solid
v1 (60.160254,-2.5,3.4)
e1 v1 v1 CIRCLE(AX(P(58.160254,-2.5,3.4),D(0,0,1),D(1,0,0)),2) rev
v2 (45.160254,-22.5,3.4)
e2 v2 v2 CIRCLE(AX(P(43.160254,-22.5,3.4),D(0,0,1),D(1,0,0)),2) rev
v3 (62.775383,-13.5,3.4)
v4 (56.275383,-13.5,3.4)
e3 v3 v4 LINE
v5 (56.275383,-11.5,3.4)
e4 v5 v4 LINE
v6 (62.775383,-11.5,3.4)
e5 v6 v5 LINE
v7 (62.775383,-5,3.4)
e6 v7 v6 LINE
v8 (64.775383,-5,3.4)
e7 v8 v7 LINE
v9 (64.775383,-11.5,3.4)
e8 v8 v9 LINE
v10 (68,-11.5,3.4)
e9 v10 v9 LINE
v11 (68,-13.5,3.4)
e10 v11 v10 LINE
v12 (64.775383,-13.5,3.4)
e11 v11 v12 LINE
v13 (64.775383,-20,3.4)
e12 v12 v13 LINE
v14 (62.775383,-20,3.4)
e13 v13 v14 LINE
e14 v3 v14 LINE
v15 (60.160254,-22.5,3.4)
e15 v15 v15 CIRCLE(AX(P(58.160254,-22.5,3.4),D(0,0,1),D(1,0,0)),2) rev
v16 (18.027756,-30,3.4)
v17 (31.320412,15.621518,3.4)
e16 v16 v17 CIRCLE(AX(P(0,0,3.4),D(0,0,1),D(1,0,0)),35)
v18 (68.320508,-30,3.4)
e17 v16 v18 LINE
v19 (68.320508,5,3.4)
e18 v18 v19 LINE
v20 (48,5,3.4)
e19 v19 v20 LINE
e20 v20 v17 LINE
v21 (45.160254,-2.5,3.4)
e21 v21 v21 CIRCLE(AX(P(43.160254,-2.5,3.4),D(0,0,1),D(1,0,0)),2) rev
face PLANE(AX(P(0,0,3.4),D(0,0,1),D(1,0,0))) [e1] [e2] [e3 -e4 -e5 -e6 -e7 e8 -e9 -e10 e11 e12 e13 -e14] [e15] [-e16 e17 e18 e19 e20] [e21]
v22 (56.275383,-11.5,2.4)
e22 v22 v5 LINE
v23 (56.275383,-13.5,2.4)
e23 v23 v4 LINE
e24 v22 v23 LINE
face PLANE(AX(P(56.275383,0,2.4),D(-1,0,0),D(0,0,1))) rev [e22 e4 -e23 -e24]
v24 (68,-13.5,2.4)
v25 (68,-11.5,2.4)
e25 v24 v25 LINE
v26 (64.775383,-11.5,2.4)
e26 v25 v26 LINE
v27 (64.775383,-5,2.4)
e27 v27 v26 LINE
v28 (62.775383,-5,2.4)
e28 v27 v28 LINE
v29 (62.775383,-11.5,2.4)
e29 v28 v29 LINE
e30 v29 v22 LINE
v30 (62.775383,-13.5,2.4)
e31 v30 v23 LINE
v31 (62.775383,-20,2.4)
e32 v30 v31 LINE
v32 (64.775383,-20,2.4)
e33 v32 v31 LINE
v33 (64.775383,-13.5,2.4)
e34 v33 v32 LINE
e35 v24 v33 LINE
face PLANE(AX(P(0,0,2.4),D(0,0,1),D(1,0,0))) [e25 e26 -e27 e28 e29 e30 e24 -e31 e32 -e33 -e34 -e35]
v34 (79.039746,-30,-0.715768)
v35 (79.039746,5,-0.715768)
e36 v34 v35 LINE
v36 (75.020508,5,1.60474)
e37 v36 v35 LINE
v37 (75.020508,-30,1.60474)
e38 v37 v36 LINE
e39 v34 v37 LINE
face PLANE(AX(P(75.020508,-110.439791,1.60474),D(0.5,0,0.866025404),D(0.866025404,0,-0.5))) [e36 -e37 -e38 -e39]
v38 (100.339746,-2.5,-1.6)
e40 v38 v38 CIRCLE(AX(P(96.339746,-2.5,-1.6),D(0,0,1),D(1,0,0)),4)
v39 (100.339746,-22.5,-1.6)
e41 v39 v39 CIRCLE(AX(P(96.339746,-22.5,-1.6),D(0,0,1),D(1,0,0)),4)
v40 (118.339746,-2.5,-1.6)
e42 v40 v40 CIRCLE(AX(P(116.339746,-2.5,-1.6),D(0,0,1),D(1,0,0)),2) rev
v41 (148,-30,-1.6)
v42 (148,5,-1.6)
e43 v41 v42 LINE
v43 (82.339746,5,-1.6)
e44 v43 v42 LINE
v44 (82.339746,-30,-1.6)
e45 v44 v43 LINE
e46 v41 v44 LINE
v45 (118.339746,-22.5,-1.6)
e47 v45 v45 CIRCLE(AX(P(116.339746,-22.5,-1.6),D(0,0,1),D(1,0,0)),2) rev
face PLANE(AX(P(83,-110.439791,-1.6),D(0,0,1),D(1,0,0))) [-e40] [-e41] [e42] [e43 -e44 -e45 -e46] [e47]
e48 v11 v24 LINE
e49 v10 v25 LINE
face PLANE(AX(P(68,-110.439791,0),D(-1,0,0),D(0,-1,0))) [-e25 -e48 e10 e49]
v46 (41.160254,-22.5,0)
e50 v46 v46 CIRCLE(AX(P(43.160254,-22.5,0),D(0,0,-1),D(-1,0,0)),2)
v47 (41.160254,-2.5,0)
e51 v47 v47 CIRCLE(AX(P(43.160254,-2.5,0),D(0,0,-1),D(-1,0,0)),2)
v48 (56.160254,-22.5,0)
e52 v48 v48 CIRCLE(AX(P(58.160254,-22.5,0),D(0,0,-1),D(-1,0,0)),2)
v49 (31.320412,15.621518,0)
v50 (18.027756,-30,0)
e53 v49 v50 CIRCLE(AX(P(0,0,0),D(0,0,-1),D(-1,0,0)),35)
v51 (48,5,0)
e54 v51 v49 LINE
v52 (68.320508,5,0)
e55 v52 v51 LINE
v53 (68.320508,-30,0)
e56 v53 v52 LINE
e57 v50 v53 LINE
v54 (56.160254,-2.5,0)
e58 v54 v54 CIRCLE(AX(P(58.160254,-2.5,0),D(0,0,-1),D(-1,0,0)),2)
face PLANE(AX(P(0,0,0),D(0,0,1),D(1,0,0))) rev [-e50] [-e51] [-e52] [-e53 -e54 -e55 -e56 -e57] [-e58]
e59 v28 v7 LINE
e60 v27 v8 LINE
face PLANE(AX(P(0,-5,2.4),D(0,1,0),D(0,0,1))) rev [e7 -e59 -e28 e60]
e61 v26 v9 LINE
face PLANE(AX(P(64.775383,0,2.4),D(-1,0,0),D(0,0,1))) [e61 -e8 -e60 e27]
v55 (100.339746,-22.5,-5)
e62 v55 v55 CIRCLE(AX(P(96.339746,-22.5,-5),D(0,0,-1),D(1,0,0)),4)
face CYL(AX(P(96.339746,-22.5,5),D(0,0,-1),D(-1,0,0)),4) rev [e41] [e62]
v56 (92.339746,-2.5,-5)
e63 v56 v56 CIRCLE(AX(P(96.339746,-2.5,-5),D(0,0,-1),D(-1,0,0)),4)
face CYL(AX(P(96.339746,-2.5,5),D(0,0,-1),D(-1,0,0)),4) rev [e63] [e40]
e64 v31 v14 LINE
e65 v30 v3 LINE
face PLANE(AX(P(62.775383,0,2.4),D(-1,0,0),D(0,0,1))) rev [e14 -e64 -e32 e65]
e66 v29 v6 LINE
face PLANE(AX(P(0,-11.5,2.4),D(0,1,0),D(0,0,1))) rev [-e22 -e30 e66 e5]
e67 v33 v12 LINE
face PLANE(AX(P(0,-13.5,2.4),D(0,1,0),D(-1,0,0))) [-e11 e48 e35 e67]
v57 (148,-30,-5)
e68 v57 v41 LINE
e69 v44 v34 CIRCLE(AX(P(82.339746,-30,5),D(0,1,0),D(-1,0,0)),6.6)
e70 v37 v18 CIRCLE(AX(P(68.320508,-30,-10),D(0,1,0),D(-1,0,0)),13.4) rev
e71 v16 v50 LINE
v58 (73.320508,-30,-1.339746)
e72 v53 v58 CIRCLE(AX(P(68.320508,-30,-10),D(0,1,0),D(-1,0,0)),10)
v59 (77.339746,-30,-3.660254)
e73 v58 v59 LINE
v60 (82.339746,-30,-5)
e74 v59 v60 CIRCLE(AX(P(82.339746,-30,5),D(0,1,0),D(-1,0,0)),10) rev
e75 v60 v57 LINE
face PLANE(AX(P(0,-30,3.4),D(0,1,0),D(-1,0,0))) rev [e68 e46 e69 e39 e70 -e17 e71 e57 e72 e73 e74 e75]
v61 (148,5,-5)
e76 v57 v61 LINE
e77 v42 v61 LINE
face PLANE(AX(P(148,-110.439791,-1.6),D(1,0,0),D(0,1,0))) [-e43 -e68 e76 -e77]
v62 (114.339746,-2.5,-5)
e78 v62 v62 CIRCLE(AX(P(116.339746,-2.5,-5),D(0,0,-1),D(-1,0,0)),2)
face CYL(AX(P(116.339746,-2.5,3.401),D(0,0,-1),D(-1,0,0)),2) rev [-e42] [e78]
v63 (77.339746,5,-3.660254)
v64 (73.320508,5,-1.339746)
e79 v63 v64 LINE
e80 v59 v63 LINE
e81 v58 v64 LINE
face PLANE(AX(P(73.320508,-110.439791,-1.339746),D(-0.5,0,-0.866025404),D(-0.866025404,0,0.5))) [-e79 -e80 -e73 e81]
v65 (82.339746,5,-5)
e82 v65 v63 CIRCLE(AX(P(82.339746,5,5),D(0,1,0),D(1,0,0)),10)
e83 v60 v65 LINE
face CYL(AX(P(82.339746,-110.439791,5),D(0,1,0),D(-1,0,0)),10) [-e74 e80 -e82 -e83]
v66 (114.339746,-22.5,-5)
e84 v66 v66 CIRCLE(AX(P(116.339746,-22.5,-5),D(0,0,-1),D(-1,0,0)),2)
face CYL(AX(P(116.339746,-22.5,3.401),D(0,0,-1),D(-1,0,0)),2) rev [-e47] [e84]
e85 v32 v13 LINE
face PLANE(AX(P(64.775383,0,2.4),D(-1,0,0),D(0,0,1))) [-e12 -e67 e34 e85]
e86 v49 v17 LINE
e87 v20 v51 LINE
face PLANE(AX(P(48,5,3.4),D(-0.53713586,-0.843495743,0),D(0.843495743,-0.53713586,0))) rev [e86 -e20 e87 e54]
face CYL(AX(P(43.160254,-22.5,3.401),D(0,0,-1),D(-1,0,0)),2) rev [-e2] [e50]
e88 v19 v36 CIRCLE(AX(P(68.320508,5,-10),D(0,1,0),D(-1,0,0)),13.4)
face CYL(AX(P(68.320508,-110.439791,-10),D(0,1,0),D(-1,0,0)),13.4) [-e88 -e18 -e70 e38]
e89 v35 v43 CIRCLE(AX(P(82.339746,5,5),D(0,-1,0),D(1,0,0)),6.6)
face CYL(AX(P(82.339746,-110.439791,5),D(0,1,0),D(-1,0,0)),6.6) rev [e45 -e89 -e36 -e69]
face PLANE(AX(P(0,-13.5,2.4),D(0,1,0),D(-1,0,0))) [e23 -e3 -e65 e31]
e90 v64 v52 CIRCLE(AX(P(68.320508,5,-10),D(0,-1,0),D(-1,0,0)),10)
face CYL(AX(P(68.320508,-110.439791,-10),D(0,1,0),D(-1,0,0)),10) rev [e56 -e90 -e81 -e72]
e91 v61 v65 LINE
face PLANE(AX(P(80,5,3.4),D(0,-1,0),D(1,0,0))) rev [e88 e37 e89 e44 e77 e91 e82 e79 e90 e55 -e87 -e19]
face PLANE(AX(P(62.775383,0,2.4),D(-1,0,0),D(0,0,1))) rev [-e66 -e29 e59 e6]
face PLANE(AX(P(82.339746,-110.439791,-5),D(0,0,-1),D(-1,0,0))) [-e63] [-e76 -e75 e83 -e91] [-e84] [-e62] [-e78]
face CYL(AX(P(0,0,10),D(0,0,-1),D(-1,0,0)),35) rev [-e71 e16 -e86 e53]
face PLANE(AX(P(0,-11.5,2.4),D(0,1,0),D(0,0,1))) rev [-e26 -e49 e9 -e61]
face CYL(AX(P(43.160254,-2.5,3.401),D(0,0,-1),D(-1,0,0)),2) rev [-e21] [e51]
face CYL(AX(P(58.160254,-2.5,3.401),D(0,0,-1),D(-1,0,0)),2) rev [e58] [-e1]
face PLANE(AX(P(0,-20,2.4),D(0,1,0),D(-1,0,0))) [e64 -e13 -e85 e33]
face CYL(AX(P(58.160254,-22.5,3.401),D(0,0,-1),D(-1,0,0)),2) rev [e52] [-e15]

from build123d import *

# Parameters (mm, degrees)
BOSS_EXTRUDE1_DEPTH = 3.4
SKETCH3_R           = 5
CUT_EXTRUDE1_DEPTH  = 6
CUT_EXTRUDE2_DEPTH  = 10
SKETCH6_R           = 35
CUT_EXTRUDE3_DEPTH  = 10
CUT_EXTRUDE4_DEPTH  = 1
CUT_EXTRUDE5_REACH  = 87.508
SKETCH8_W           = 12
SKETCH8_H           = 35
BOSS_EXTRUDE2_DEPTH = 35
SKETCH10_R          = 4
CUT_EXTRUDE6_DEPTH  = 10
CUT_EXTRUDE7_REACH  = 153.093
SKETCH11_R          = 2
CUT_EXTRUDE8_REACH  = 153.243
SKETCH12_R          = 2


with BuildPart() as part:
    # Sketch1 → Boss-Extrude1 (new body)
    with BuildSketch(Plane.XY):
        with BuildLine():
            Line((0, -30), (80, -30))
            Line((80, -30), (80, 5))
            Line((80, 5), (48, 5))
            Line((48, 5), (16.114075804, 25.304872277))
            ThreePointArc((16.114075804, 25.304872277), (-28.802310396, 8.392074585), (0, -30))
        make_face()
    extrude(amount=BOSS_EXTRUDE1_DEPTH)

    # Sketch3 → Cut-Extrude1 (cut)
    with BuildSketch(Plane.XY.offset(3.4)):
        Circle(SKETCH3_R)
    extrude(amount=-CUT_EXTRUDE1_DEPTH, mode=Mode.SUBTRACT)

    # Sketch5 → Cut-Extrude2 (cut)
    with BuildSketch(Plane.XY.offset(3.4)):
        with BuildLine():
            ThreePointArc((0, 10), (-8.660254038, 5), (-8.660254038, -5))
            ThreePointArc((-8.660254038, -5), (-10.124355653, -10.464101615), (-15.588457268, -9))
            ThreePointArc((-15.588457268, -9), (-15.588457268, 9), (0, 18))
            ThreePointArc((0, 18), (4, 14), (0, 10))
        make_face()
    extrude(amount=-CUT_EXTRUDE2_DEPTH, mode=Mode.SUBTRACT)

    # Sketch6 → Cut-Extrude3 (cut)
    with BuildSketch(Plane(origin=(0, 0, 0), x_dir=(-1, 0, 0), z_dir=(0, 0, -1))):
        Circle(SKETCH6_R)
    extrude(amount=-CUT_EXTRUDE3_DEPTH, mode=Mode.SUBTRACT)

    # Sketch7 → Cut-Extrude4 (cut)
    with BuildSketch(Plane.XY.offset(3.4)):
        Polygon((62.77538264, -13.5), (62.77538264, -20), (64.77538264, -20), (64.77538264, -13.5), (71.27538264, -13.5), (71.27538264, -11.5), (64.77538264, -11.5), (64.77538264, -5), (62.77538264, -5), (62.77538264, -11.5), (56.27538264, -11.5), (56.27538264, -13.5), align=None)
    extrude(amount=-CUT_EXTRUDE4_DEPTH, mode=Mode.SUBTRACT)

    # Sketch8 → Cut-Extrude5 (cut, up to next)
    with BuildSketch(Plane(origin=(0, 0, 0), x_dir=(-1, 0, 0), z_dir=(0, 0, -1)), mode=Mode.PRIVATE) as cut_extrude5_sk1:
        with Locations((-74, -12.5)):
            Rectangle(SKETCH8_W, SKETCH8_H)
    cut_extrude5_tool1 = extrude(cut_extrude5_sk1.sketch, amount=-CUT_EXTRUDE5_REACH, mode=Mode.PRIVATE) & part.part
    add(cut_extrude5_tool1.solids().sort_by_distance((74, -12.5, 0))[0], mode=Mode.SUBTRACT)

    # Sketch9 → Boss-Extrude2 (add)
    with BuildSketch(Plane(origin=(0, 5, 0), x_dir=(1, 0, 0), z_dir=(0, 1, 0))):
        with BuildLine():
            Line((68, 0), (68.320508076, 0))
            ThreePointArc((68.320508076, 0), (70.908698527, 0.340741737), (73.320508076, 1.339745962))
            Line((73.320508076, 1.339745962), (77.339745962, 3.660254038))
            ThreePointArc((77.339745962, 3.660254038), (79.751555511, 4.659258263), (82.339745962, 5))
            Line((82.339745962, 5), (83, 5))
            Line((83, 5), (148, 5))
            Line((148, 5), (148, 1.6))
            Line((148, 1.6), (83, 1.6))
            Line((83, 1.6), (82.339745962, 1.6))
            ThreePointArc((82.339745962, 1.6), (80.631540264, 1.375110454), (79.039745962, 0.715767665))
            Line((79.039745962, 0.715767665), (75.020508076, -1.604740411))
            ThreePointArc((75.020508076, -1.604740411), (71.78868328, -2.943406072), (68.320508076, -3.4))
            Line((68.320508076, -3.4), (68, -3.4))
            Line((68, -3.4), (68, 0))
        make_face()
    extrude(amount=-BOSS_EXTRUDE2_DEPTH)

    # Sketch10 → Cut-Extrude6 (cut)
    with BuildSketch(Plane(origin=(0, 0, -5), x_dir=(-1, 0, 0), z_dir=(0, 0, -1))):
        with Locations((-96.339745962, -2.5)):
            Circle(SKETCH10_R)
        with Locations(Location((-96.339745962, -22.5, 0), (0, 0, 180))):
            Circle(SKETCH10_R)
    extrude(amount=-CUT_EXTRUDE6_DEPTH, mode=Mode.SUBTRACT)

    # Sketch11 → Cut-Extrude7 (cut, up to next)
    with BuildSketch(Plane(origin=(0, 0, 0), x_dir=(-1, 0, 0), z_dir=(0, 0, -1)), mode=Mode.PRIVATE) as cut_extrude7_sk1:
        with Locations((-58.160254038, -22.5)):
            Circle(SKETCH11_R)
    cut_extrude7_tool1 = extrude(cut_extrude7_sk1.sketch, amount=-CUT_EXTRUDE7_REACH, mode=Mode.PRIVATE) & part.part
    # Sketch11 → Cut-Extrude7 (cut, up to next)
    with BuildSketch(Plane(origin=(0, 0, 0), x_dir=(-1, 0, 0), z_dir=(0, 0, -1)), mode=Mode.PRIVATE) as cut_extrude7_sk2:
        with Locations((-58.160254038, -2.5)):
            Circle(SKETCH11_R)
    cut_extrude7_tool2 = extrude(cut_extrude7_sk2.sketch, amount=-CUT_EXTRUDE7_REACH, mode=Mode.PRIVATE) & part.part
    # Sketch11 → Cut-Extrude7 (cut, up to next)
    with BuildSketch(Plane(origin=(0, 0, 0), x_dir=(-1, 0, 0), z_dir=(0, 0, -1)), mode=Mode.PRIVATE) as cut_extrude7_sk3:
        with Locations((-43.160254038, -22.5)):
            Circle(SKETCH11_R)
    cut_extrude7_tool3 = extrude(cut_extrude7_sk3.sketch, amount=-CUT_EXTRUDE7_REACH, mode=Mode.PRIVATE) & part.part
    # Sketch11 → Cut-Extrude7 (cut, up to next)
    with BuildSketch(Plane(origin=(0, 0, 0), x_dir=(-1, 0, 0), z_dir=(0, 0, -1)), mode=Mode.PRIVATE) as cut_extrude7_sk4:
        with Locations((-43.160254038, -2.5)):
            Circle(SKETCH11_R)
    cut_extrude7_tool4 = extrude(cut_extrude7_sk4.sketch, amount=-CUT_EXTRUDE7_REACH, mode=Mode.PRIVATE) & part.part
    add(cut_extrude7_tool1.solids().sort_by_distance((58.160254, -22.5, 0))[0], mode=Mode.SUBTRACT)
    add(cut_extrude7_tool2.solids().sort_by_distance((58.160254, -2.5, 0))[0], mode=Mode.SUBTRACT)
    add(cut_extrude7_tool3.solids().sort_by_distance((43.160254, -22.5, 0))[0], mode=Mode.SUBTRACT)
    add(cut_extrude7_tool4.solids().sort_by_distance((43.160254, -2.5, 0))[0], mode=Mode.SUBTRACT)

    # Sketch12 → Cut-Extrude8 (cut, up to next)
    with BuildSketch(Plane(origin=(0, 0, -5), x_dir=(-1, 0, 0), z_dir=(0, 0, -1)), mode=Mode.PRIVATE) as cut_extrude8_sk1:
        with Locations((-116.339745962, -22.5)):
            Circle(SKETCH12_R)
    cut_extrude8_tool1 = extrude(cut_extrude8_sk1.sketch, amount=-CUT_EXTRUDE8_REACH, mode=Mode.PRIVATE) & part.part
    # Sketch12 → Cut-Extrude8 (cut, up to next)
    with BuildSketch(Plane(origin=(0, 0, -5), x_dir=(-1, 0, 0), z_dir=(0, 0, -1)), mode=Mode.PRIVATE) as cut_extrude8_sk2:
        with Locations((-116.339745962, -2.5)):
            Circle(SKETCH12_R)
    cut_extrude8_tool2 = extrude(cut_extrude8_sk2.sketch, amount=-CUT_EXTRUDE8_REACH, mode=Mode.PRIVATE) & part.part
    add(cut_extrude8_tool1.solids().sort_by_distance((116.339746, -22.5, -5))[0], mode=Mode.SUBTRACT)
    add(cut_extrude8_tool2.solids().sort_by_distance((116.339746, -2.5, -5))[0], mode=Mode.SUBTRACT)


solid = part.part
